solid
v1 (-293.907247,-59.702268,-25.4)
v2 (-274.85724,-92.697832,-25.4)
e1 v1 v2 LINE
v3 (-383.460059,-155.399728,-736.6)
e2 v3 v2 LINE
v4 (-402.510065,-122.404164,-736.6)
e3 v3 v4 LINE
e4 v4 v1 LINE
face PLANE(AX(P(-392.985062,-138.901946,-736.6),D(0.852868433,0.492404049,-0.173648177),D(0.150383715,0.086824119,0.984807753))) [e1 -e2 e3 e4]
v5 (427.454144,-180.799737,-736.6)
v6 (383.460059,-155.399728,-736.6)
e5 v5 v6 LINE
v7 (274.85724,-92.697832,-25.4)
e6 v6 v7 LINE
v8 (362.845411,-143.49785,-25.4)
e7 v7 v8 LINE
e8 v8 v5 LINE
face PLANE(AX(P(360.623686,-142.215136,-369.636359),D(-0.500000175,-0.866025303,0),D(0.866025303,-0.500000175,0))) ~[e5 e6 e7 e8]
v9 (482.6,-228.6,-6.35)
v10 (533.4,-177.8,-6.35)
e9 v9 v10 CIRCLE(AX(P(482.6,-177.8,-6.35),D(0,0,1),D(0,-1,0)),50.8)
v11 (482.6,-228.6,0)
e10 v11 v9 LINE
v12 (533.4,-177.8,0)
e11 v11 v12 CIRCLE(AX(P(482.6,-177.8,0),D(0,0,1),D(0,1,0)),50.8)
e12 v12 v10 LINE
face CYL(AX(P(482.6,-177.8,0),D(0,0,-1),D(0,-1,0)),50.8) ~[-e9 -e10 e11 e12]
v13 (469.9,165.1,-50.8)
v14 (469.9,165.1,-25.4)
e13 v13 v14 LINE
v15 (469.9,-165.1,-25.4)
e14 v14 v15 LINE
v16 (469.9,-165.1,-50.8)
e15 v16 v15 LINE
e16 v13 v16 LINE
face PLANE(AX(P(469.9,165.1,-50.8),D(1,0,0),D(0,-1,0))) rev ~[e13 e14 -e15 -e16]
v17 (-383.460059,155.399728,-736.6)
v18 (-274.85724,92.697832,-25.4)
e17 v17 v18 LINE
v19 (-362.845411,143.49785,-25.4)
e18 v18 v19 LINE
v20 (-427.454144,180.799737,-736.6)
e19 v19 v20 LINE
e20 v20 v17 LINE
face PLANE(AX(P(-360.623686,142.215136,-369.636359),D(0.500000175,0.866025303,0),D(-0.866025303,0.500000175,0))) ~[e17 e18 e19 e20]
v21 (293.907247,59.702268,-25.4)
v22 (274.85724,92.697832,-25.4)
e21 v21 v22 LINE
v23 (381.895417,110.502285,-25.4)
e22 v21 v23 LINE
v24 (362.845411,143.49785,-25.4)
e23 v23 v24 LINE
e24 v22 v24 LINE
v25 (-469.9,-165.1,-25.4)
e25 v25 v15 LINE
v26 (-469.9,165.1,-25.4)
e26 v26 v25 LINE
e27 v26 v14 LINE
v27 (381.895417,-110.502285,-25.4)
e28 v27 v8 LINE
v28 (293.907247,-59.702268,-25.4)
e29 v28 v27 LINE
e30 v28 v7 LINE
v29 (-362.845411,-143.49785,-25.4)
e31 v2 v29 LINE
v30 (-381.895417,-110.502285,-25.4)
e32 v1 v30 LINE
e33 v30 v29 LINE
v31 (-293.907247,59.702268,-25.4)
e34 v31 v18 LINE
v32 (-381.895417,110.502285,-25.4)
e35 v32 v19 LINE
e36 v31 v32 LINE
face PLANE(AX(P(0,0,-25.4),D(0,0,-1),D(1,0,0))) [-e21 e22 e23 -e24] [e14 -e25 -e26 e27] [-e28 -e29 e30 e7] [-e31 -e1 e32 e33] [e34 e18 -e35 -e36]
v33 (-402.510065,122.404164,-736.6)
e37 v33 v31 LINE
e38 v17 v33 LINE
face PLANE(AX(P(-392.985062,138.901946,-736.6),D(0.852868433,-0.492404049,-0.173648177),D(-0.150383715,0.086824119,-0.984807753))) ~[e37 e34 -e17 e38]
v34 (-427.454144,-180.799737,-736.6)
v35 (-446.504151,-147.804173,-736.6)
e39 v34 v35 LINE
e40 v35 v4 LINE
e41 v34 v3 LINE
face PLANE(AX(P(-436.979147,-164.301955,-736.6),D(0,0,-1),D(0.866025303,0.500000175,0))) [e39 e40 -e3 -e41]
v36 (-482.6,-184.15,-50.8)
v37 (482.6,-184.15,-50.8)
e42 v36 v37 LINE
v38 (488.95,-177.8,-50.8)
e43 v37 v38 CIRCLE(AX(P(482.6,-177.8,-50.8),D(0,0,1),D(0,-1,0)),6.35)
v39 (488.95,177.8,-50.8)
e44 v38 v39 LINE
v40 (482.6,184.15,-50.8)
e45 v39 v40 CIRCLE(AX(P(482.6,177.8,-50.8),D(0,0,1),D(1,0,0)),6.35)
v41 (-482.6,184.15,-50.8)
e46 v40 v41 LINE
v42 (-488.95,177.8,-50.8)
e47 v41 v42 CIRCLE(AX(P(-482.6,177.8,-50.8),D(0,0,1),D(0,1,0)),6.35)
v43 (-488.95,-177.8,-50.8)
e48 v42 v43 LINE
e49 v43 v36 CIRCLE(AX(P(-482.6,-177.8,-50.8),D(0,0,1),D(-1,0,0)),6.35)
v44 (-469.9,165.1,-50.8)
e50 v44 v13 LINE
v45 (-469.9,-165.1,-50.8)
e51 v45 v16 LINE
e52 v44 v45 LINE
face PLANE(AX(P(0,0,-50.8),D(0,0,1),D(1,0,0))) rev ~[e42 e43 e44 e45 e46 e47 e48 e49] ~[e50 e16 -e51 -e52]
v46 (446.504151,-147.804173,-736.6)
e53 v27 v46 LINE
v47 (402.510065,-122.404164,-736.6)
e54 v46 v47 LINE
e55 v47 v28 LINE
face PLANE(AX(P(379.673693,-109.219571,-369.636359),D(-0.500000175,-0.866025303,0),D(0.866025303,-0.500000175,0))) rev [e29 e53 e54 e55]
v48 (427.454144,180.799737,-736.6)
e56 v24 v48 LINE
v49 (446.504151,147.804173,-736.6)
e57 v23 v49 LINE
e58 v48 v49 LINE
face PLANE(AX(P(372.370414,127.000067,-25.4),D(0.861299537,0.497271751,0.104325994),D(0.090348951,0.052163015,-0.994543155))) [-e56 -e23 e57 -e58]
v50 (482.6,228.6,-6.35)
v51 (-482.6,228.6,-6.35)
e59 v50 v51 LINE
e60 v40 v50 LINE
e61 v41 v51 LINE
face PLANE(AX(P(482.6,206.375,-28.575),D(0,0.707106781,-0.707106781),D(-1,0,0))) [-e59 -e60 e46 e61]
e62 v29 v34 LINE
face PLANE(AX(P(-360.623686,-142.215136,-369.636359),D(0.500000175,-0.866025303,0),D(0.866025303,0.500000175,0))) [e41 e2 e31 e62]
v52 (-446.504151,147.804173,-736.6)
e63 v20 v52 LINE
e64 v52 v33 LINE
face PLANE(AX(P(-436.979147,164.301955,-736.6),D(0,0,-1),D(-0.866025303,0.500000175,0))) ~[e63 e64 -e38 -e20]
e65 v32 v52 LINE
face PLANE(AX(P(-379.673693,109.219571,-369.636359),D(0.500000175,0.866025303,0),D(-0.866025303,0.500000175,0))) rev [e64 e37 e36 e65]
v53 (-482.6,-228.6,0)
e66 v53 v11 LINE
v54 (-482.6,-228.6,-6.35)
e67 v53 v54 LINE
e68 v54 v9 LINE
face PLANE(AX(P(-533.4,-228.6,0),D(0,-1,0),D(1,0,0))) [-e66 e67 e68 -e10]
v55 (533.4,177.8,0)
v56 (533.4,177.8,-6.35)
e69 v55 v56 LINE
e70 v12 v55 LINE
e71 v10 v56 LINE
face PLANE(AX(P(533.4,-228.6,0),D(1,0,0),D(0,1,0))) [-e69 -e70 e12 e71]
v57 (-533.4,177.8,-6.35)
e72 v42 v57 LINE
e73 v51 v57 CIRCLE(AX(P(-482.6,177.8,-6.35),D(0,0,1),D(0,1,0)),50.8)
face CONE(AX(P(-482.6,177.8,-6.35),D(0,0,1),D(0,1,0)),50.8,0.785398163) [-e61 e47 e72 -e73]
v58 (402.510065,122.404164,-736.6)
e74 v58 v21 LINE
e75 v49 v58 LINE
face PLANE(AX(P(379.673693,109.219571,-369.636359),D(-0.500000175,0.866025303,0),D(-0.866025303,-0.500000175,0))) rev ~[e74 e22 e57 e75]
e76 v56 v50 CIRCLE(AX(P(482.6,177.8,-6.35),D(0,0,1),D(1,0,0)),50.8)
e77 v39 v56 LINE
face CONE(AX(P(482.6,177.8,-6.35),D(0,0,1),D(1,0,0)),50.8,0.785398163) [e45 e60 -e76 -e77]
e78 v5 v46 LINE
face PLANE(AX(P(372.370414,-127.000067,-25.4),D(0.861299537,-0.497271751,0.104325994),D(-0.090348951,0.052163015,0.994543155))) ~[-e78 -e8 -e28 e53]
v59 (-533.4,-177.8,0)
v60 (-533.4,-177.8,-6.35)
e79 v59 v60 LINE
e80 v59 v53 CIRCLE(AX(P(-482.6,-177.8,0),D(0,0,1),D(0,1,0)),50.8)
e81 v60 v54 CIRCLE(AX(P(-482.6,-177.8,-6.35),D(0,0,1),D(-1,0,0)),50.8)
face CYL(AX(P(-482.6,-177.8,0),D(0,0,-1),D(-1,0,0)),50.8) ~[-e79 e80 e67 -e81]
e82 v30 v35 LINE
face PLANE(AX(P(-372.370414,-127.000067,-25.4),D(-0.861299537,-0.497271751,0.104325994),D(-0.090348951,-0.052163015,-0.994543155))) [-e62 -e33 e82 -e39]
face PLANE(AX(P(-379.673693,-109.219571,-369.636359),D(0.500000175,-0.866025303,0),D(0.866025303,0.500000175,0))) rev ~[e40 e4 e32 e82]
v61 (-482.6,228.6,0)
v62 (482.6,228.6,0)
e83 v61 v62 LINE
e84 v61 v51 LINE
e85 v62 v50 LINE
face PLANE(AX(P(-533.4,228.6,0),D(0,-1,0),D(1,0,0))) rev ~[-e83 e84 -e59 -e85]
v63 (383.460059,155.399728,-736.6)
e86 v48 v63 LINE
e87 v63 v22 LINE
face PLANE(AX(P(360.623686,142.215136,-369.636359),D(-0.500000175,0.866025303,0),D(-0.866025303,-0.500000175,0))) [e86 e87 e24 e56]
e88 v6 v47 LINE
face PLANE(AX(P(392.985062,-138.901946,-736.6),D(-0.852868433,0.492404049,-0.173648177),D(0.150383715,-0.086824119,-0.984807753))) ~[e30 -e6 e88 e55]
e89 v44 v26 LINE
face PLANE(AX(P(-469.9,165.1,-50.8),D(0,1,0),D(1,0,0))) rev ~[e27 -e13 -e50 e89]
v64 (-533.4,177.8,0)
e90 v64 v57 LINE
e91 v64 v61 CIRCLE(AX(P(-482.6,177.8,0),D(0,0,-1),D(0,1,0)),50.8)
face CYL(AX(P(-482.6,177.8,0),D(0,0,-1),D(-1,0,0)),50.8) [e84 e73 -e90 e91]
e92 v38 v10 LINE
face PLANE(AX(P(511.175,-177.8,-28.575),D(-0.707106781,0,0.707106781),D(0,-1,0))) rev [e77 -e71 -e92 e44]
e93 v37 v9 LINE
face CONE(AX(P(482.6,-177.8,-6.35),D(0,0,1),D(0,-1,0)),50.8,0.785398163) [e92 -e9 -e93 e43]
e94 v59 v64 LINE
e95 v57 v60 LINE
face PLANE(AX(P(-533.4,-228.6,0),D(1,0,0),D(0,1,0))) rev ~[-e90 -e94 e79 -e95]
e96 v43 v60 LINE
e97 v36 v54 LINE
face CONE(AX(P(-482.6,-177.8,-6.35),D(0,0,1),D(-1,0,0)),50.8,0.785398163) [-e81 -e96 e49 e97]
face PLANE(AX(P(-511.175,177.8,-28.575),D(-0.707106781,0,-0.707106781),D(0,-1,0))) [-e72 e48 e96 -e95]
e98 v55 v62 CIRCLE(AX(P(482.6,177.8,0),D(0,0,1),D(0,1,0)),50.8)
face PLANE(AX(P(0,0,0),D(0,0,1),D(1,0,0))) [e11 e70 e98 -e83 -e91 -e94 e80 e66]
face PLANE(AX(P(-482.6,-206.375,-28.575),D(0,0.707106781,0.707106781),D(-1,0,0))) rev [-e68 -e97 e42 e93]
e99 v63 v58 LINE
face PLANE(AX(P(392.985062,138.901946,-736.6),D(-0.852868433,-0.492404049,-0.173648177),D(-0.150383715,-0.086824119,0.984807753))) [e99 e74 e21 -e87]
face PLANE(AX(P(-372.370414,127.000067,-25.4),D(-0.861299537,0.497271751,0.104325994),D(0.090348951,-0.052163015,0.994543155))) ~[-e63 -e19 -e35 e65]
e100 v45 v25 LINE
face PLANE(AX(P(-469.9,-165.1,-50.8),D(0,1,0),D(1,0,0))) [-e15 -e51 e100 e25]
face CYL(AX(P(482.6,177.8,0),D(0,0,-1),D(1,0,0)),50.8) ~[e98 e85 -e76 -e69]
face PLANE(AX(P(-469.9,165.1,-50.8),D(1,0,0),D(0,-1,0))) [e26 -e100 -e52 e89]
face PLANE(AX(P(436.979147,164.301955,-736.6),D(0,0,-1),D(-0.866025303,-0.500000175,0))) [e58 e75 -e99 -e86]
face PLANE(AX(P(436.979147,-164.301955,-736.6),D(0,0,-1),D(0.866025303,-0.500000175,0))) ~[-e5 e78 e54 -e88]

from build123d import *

# Parameters (mm, degrees)
F0_W      = 1066.8
F0_H      = 457.2
F1_DEPTH  = 50.8
F2_R      = 50.8
F3_SIZE   = 44.45
F4_W      = 939.8
F4_H      = 330.2
F5_DEPTH  = 25.4
F10_DEPTH = 19.05


with BuildPart() as f1:
    # F0 (on Top) → F1 (new body)
    with BuildSketch(Plane.XY):
        Rectangle(F0_W, F0_H)
    extrude(amount=-F1_DEPTH)

    # F2
    f2_edges = [f1.edges().sort_by_distance(p)[0] for p in [
        (-533.4, -228.6, -25.4),
        (-533.4, 228.6, -25.4),
        (533.4, -228.6, -25.4),
        (533.4, 228.6, -25.4),
    ]]
    fillet(f2_edges, radius=F2_R)

    # F3
    f3_edges = [f1.edges().sort_by_distance(p)[0] for p in [
        (533.4, 0, -50.8),
    ]]
    chamfer(f3_edges, length=F3_SIZE)

    # F4 (on face) → F5 (cut)
    with BuildSketch(Plane(origin=(0, 0, -50.8), x_dir=(1, 0, 0), z_dir=(0, 0, -1))):
        Rectangle(F4_W, F4_H)
    extrude(amount=-F5_DEPTH, mode=Mode.SUBTRACT)

    # F9 (on face) → F10 (join, symmetric)
    with BuildSketch(Plane(origin=(-38.1, 65.991136, 0), x_dir=(0.866025, 0.5, 0), z_dir=(0.5, -0.866025, 0))):
        Polygon((-409.78602, -736.6), (-284.382272, -25.4), (-385.982272, -25.4), (-460.58602, -736.6), align=None)
    extrude(amount=F10_DEPTH, both=True)

    # F11: F1 across plane


with BuildPart() as f1_1:
    add(f1.part)
    add(f1.part.mirror(Plane.YZ))

    # F12: F1 across plane


with BuildPart() as f1_2:
    add(f1_1.part)
    add(f1_1.part.mirror(Plane.XZ))


solid = f1_2.part
